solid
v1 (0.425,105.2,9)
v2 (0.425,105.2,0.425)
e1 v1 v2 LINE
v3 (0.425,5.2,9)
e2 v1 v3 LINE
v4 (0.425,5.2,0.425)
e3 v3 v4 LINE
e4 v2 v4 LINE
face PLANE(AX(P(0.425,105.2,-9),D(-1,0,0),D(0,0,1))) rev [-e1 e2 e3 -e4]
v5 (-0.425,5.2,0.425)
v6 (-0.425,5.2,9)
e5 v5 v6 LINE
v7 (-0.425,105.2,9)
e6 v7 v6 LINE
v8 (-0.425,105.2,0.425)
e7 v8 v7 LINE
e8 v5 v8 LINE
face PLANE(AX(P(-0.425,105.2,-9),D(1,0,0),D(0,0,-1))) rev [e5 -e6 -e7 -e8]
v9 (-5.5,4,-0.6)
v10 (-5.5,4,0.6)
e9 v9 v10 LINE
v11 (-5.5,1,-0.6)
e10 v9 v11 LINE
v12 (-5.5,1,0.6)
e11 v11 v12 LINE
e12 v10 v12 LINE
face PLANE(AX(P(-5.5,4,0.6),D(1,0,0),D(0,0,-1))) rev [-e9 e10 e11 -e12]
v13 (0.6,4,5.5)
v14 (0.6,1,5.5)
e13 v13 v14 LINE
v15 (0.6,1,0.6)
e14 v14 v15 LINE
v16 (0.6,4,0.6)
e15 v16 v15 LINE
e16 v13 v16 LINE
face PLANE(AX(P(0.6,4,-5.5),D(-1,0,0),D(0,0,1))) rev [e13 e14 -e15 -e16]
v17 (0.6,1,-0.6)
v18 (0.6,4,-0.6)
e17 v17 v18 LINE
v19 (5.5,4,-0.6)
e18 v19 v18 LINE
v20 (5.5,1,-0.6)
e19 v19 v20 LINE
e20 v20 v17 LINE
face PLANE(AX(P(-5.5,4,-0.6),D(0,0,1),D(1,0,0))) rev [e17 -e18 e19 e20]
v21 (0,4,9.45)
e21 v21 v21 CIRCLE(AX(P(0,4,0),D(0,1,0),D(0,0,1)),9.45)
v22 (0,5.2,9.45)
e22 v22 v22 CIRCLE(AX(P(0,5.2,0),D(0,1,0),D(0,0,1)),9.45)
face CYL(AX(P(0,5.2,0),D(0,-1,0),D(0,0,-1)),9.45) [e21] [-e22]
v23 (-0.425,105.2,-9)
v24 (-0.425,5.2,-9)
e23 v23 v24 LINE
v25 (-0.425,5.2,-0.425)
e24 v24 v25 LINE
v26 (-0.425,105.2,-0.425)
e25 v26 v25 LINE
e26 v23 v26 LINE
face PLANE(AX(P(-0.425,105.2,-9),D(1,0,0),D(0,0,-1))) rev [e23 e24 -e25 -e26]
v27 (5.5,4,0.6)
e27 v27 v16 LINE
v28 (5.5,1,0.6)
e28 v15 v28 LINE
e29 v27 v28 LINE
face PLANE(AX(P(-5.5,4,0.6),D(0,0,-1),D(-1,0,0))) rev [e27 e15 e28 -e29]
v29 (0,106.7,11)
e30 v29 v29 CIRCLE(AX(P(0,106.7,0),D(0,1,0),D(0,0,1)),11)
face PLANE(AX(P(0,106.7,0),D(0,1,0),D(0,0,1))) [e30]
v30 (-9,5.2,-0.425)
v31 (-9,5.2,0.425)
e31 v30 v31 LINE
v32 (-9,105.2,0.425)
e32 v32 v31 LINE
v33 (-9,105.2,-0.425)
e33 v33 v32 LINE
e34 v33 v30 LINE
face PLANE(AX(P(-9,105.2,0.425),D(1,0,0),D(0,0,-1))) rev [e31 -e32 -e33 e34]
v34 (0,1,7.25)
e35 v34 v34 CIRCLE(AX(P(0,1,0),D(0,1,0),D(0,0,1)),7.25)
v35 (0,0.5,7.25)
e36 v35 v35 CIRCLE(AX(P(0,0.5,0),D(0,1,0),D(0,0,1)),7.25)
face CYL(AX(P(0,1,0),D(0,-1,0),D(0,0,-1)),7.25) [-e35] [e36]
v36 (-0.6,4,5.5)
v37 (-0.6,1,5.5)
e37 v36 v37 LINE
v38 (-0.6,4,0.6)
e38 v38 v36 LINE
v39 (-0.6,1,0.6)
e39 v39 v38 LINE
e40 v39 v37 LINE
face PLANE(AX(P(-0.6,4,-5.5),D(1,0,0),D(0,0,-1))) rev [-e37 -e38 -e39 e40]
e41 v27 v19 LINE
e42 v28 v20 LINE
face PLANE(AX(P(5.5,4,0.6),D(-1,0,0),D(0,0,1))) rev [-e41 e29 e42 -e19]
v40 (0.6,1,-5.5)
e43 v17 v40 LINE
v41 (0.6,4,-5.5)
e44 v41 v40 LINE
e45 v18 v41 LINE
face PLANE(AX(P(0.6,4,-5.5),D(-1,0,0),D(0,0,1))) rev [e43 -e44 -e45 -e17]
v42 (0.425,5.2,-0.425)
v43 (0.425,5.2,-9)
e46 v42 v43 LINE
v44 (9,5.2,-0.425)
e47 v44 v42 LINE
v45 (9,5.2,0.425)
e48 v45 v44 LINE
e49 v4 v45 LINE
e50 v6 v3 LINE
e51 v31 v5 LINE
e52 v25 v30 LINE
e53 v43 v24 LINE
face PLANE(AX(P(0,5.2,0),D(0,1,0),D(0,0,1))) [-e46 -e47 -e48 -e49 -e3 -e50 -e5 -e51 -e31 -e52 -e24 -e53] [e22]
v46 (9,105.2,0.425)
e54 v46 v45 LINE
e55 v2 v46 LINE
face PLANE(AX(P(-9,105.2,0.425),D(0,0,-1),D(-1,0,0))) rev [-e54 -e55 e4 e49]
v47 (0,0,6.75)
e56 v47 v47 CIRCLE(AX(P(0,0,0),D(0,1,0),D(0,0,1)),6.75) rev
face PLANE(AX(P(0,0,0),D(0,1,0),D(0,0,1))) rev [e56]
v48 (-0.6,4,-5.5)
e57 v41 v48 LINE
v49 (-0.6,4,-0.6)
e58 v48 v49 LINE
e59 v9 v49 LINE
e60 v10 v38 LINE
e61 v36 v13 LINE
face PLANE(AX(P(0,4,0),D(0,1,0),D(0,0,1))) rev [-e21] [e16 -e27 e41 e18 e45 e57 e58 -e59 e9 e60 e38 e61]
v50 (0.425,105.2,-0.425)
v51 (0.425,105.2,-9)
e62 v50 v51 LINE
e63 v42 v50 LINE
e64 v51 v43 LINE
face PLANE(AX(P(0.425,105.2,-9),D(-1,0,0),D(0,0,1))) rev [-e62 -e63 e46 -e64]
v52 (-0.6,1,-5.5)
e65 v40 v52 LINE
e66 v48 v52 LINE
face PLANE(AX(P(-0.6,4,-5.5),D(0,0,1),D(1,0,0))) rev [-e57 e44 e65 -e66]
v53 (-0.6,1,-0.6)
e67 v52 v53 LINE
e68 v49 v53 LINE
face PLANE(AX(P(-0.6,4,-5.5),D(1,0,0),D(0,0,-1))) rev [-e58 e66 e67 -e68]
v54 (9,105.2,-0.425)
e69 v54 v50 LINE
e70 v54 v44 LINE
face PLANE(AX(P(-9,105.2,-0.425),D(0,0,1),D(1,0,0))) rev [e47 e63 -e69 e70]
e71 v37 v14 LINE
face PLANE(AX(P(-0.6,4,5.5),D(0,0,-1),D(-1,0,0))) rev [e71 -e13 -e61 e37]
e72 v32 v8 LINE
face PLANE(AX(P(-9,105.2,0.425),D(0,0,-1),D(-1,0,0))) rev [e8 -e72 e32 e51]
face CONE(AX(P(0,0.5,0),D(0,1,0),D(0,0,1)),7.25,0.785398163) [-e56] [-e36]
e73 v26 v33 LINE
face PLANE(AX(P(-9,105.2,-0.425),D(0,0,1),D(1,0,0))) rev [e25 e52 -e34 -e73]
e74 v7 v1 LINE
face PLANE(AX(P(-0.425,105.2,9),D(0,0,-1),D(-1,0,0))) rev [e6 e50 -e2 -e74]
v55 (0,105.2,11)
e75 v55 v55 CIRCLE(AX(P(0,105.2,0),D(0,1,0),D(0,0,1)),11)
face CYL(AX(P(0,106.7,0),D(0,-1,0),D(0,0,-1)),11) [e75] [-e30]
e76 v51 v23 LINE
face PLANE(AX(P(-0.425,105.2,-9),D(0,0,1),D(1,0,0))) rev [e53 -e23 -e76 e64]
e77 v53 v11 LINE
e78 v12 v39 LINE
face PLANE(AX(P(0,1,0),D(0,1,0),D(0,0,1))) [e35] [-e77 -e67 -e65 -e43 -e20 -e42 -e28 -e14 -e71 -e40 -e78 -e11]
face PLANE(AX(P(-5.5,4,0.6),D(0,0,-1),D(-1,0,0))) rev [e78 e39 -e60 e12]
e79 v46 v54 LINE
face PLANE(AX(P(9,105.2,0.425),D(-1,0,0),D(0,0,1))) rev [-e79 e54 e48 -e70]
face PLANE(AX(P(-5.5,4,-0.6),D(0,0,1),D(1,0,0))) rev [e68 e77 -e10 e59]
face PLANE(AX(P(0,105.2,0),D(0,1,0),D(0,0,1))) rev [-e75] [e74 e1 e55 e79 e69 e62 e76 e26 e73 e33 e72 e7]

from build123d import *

# Parameters (mm, degrees)
SKETCH1_R           = 7.25
BOSS_EXTRUDE1_DEPTH = 1
CHAMFER1_SIZE       = 0.5
SKETCH2_W           = 1.2
SKETCH2_H           = 11
BOSS_EXTRUDE2_DEPTH = 3
SKETCH3_R           = 9.45
BOSS_EXTRUDE3_DEPTH = 1.2
SKETCH4_W           = 0.85
SKETCH4_H           = 18
BOSS_EXTRUDE4_DEPTH = 100
CIRPATTERN2_COUNT   = 2
CIRPATTERN2_ANGLE   = 90
SKETCH6_R           = 11
BOSS_EXTRUDE5_DEPTH = 1.5


with BuildPart() as part:
    # Sketch1 → Boss-Extrude1 (new body)
    with BuildSketch(Plane(origin=(0, 0, 0), x_dir=(1, 0, 0), z_dir=(0, 1, 0))):
        with Locations(Location((0, 0, 0), (0, 0, 270))):
            Circle(SKETCH1_R)
    extrude(amount=BOSS_EXTRUDE1_DEPTH)

    # Chamfer1
    chamfer1_edges = [part.edges().sort_by_distance(p)[0] for p in [
        (0, 0, -7.25),
    ]]
    chamfer(chamfer1_edges, length=CHAMFER1_SIZE)

    # Sketch2 → Boss-Extrude2 (add)
    with BuildSketch(Plane(origin=(0, 1, 0), x_dir=(1, 0, 0), z_dir=(0, 1, 0))):
        Rectangle(SKETCH2_W, SKETCH2_H)
    boss_extrude2 = extrude(amount=BOSS_EXTRUDE2_DEPTH)

    # Sketch3 → Boss-Extrude3 (add)
    with BuildSketch(Plane(origin=(0, 4, 0), x_dir=(1, 0, 0), z_dir=(0, 1, 0))):
        with Locations(Location((0, 0, 0), (0, 0, 270))):
            Circle(SKETCH3_R)
    extrude(amount=BOSS_EXTRUDE3_DEPTH)

    # Sketch4 → Boss-Extrude4 (add)
    with BuildSketch(Plane(origin=(0, 5.2, 0), x_dir=(1, 0, 0), z_dir=(0, 1, 0))):
        Rectangle(SKETCH4_W, SKETCH4_H)
    boss_extrude4 = extrude(amount=BOSS_EXTRUDE4_DEPTH)

    # CirPattern2: Boss-Extrude2, Boss-Extrude4 ×2 about axis
    cirpattern2_axis = Axis((0, 0, 0), (0, 1, 0))
    add([boss_extrude2.rotate(cirpattern2_axis, i * CIRPATTERN2_ANGLE / (CIRPATTERN2_COUNT - 1)) for i in range(1, CIRPATTERN2_COUNT)])
    add([boss_extrude4.rotate(cirpattern2_axis, i * CIRPATTERN2_ANGLE / (CIRPATTERN2_COUNT - 1)) for i in range(1, CIRPATTERN2_COUNT)])

    # Sketch6 → Boss-Extrude5 (add)
    with BuildSketch(Plane(origin=(0, 105.2, 0), x_dir=(1, 0, 0), z_dir=(0, 1, 0))):
        with Locations(Location((0, 0, 0), (0, 0, 270))):
            Circle(SKETCH6_R)
    extrude(amount=BOSS_EXTRUDE5_DEPTH)


solid = part.part
